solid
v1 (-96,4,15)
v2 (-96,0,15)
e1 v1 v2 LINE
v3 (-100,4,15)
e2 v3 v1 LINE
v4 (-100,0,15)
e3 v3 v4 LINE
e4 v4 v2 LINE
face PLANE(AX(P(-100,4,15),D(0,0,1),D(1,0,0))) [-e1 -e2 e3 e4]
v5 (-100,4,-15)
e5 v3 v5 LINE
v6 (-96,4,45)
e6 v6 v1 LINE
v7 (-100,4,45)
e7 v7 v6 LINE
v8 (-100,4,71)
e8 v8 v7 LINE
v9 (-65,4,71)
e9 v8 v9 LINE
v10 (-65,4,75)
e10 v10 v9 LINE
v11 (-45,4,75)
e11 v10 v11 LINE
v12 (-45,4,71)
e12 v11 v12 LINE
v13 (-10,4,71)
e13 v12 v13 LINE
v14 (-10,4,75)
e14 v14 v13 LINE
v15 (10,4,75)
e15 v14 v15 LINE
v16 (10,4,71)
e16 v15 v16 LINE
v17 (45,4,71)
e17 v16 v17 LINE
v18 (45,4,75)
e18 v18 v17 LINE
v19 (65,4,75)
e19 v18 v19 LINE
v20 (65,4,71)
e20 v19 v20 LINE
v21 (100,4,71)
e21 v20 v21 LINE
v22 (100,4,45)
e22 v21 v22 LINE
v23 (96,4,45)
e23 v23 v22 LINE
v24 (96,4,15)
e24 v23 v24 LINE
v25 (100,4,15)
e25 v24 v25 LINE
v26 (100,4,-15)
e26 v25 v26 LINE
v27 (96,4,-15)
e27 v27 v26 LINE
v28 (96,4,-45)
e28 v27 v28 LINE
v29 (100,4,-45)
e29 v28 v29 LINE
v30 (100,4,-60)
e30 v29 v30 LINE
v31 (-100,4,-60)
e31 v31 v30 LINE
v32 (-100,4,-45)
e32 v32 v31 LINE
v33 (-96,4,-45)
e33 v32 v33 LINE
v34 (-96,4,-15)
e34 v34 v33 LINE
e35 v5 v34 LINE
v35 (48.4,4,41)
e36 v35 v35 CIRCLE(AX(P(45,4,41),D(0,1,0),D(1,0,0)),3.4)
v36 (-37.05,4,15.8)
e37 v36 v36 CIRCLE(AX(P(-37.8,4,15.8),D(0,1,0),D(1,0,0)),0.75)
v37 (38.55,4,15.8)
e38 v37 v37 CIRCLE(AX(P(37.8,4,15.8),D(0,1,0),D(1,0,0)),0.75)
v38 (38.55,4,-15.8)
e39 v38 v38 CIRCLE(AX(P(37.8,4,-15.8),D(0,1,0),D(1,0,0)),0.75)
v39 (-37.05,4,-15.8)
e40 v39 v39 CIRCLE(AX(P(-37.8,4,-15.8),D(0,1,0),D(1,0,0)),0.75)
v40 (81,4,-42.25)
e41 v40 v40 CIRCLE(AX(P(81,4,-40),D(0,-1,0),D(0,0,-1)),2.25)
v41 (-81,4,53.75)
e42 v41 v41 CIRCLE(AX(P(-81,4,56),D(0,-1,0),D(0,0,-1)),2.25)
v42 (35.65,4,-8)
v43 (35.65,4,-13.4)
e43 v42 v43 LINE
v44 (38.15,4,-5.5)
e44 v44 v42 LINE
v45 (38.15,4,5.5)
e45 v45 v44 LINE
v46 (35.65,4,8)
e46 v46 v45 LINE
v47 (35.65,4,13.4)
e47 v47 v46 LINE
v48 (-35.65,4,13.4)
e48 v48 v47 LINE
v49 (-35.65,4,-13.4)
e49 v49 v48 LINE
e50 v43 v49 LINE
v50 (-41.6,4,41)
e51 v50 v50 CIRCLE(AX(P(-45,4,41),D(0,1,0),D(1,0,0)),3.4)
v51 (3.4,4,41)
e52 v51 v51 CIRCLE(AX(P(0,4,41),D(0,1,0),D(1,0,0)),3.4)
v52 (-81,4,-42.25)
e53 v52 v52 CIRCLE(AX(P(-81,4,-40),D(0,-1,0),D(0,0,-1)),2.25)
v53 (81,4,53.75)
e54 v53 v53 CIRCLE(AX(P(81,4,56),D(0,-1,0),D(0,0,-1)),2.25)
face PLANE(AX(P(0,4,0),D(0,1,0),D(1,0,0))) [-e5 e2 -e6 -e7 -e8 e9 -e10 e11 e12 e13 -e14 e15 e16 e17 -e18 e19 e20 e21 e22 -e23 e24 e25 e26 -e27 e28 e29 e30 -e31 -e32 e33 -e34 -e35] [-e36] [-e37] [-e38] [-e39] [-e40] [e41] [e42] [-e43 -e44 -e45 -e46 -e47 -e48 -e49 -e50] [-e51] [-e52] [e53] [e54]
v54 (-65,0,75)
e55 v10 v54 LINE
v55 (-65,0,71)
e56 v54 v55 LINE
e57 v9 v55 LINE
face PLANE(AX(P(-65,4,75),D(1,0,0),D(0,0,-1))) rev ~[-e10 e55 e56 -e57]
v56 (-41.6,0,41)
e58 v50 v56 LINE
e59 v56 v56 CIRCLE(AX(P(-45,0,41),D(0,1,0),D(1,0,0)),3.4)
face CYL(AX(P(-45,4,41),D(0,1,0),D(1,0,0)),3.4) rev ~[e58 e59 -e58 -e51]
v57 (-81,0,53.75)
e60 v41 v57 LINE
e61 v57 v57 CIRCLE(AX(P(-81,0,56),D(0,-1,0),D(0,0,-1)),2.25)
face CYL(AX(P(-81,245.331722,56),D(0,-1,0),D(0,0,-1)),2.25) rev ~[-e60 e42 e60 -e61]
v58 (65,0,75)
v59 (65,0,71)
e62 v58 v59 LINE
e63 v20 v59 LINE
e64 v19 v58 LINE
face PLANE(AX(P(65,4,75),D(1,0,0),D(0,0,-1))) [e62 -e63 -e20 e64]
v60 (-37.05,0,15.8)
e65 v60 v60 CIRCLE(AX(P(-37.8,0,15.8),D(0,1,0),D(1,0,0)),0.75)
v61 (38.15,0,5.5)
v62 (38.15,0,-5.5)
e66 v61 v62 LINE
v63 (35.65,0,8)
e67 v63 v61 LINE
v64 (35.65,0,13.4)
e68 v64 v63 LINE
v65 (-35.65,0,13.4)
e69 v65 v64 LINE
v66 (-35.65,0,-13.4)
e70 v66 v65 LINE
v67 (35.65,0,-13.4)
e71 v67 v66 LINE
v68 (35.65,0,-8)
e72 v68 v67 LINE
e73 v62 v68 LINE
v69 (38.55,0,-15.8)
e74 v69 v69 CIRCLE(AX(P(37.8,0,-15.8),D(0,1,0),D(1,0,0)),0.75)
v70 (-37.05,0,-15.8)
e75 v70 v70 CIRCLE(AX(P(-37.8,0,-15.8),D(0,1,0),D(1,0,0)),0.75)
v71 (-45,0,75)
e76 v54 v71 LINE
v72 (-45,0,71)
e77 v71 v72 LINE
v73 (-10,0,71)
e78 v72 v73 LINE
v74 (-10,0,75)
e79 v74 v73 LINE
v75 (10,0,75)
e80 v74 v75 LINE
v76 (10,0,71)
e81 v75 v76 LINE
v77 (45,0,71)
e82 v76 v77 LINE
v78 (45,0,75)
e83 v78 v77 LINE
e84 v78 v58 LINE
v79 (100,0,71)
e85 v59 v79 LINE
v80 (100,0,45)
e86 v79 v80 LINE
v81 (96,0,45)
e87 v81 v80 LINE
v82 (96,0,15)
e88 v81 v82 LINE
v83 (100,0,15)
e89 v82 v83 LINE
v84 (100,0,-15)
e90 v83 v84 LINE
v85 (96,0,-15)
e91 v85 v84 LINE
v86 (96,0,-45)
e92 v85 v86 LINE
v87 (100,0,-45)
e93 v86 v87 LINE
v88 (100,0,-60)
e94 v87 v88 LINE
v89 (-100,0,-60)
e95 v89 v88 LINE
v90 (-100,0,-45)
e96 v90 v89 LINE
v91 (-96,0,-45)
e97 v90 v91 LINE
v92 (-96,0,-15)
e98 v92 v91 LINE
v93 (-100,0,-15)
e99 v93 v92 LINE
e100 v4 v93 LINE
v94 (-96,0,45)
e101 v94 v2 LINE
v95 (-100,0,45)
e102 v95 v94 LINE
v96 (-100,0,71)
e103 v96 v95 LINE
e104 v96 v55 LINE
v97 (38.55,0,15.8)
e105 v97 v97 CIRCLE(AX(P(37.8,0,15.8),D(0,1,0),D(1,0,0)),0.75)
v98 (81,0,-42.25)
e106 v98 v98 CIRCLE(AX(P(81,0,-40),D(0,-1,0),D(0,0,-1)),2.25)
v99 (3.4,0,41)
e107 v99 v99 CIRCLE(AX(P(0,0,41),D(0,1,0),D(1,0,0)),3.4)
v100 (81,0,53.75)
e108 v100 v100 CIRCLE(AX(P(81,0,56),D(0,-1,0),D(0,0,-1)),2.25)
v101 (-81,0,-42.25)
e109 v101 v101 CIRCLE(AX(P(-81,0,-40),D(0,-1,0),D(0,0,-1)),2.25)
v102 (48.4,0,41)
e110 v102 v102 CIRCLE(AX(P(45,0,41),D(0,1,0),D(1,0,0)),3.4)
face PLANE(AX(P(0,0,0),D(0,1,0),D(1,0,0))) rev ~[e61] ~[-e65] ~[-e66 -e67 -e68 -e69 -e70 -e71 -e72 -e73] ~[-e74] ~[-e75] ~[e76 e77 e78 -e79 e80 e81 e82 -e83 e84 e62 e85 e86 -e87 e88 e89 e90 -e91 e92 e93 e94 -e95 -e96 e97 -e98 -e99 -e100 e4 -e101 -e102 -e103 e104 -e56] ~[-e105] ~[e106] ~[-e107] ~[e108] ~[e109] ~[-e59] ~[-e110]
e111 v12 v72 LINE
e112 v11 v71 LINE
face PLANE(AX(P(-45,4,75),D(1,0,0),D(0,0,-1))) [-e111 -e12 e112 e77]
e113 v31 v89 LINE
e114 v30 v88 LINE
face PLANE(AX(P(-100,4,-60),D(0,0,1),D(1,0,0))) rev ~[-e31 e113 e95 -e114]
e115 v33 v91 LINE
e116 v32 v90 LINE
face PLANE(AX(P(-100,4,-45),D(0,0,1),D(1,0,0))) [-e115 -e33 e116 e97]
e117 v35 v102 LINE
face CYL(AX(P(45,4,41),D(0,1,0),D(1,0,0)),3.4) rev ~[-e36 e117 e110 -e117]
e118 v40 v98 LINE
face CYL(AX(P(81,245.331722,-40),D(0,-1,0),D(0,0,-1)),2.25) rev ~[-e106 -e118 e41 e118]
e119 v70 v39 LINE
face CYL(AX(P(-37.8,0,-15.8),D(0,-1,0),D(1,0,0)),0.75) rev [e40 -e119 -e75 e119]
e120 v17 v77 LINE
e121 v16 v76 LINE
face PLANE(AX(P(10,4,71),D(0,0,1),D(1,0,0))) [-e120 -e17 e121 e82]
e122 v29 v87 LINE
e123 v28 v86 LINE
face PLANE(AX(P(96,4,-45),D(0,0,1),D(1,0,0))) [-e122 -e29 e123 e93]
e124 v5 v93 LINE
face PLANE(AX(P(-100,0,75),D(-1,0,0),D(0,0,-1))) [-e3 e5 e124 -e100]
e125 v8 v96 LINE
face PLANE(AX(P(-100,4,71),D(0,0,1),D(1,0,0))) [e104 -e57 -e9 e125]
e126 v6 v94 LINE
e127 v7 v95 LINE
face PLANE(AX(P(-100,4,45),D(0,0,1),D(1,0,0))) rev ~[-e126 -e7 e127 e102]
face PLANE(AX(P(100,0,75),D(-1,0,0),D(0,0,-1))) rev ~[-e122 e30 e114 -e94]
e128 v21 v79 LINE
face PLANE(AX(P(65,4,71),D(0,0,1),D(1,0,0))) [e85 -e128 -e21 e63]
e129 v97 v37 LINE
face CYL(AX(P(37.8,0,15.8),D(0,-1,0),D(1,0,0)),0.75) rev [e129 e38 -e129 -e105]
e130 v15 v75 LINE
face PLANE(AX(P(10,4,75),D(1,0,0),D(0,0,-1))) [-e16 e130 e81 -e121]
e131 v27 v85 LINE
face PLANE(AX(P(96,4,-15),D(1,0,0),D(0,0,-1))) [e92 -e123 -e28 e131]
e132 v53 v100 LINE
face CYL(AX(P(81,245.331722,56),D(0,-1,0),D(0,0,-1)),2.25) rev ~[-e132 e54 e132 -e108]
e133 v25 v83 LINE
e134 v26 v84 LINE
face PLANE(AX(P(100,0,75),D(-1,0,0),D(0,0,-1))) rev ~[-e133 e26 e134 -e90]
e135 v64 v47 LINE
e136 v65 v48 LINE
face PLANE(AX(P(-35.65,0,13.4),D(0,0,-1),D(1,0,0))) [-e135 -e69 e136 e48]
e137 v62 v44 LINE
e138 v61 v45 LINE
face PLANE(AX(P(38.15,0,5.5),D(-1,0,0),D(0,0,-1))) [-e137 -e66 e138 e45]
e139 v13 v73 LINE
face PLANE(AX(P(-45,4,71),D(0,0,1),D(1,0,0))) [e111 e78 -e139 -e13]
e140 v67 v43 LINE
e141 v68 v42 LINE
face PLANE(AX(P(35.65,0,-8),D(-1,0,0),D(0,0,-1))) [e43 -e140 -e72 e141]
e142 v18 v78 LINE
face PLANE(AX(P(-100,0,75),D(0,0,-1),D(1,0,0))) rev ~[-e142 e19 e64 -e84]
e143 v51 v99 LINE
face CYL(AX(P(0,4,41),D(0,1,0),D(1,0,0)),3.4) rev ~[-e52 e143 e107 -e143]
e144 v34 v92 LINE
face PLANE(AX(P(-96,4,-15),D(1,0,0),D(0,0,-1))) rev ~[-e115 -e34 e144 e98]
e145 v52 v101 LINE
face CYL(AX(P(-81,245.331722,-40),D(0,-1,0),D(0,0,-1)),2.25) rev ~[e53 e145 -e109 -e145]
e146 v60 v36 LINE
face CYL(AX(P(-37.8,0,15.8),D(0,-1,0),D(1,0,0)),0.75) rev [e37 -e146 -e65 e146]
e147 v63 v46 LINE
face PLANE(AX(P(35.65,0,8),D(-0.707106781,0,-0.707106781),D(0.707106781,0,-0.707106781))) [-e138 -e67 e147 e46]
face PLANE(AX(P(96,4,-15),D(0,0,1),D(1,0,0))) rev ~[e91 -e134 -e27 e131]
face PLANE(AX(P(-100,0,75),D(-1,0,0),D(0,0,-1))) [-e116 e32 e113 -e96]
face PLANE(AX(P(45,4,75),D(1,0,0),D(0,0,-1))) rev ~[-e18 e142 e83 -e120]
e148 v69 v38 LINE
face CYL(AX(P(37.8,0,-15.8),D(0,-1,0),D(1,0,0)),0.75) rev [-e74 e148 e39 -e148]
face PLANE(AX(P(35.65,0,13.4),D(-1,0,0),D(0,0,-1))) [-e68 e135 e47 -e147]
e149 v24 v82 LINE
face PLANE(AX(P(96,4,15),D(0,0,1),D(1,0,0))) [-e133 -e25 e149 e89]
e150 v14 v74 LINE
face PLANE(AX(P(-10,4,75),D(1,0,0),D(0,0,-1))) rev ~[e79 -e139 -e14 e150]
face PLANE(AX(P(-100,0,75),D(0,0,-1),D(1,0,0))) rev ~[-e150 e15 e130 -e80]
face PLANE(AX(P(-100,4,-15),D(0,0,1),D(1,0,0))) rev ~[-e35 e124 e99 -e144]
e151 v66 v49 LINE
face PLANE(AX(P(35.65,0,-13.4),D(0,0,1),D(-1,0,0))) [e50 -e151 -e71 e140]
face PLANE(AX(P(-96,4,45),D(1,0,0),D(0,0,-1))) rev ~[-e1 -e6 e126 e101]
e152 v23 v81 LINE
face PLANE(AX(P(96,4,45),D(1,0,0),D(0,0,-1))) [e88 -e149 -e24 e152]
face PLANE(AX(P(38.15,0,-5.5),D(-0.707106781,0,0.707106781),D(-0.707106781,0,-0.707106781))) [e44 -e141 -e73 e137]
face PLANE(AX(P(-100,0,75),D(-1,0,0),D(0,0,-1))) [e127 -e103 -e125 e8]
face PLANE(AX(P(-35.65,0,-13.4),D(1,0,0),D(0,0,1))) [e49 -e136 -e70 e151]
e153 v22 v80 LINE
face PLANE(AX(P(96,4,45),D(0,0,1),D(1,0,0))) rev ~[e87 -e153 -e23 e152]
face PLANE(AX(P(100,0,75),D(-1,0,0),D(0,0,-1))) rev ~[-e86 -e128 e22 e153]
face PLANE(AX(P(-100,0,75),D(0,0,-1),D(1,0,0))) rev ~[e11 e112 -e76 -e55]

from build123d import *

# Parameters (mm, degrees)
ESBO_O1_W                = 200
ESBO_O1_H                = 150
ESBO_O1_R                = 0.75
RESSALTO_EXTRUS_O1_DEPTH = 4
ESBO_O2_W                = 35
ESBO_O2_H                = 4
ESBO_O2_W_2              = 4
ESBO_O2_H_2              = 30
CORTE_EXTRUS_O1_DEPTH    = 5
ESBO_O3_W                = 200
ESBO_O3_H                = 15
CORTE_EXTRUS_O2_DEPTH    = 5
FURO_COM_FOLGA_DE_M41_D  = 4.5
ESBO_O5_R                = 3.4
CORTE_EXTRUS_O3_DEPTH    = 5


with BuildPart() as part:
    # Esboço1 → Ressalto-extrusão1 (new body)
    with BuildSketch(Plane(origin=(0, 0, 0), x_dir=(1, 0, 0), z_dir=(0, 1, 0))):
        Rectangle(ESBO_O1_W, ESBO_O1_H)
        with Locations((-37.8, 15.8)):
            Circle(ESBO_O1_R, mode=Mode.SUBTRACT)
        with Locations((37.8, 15.8)):
            Circle(ESBO_O1_R, mode=Mode.SUBTRACT)
        with Locations((37.8, -15.8)):
            Circle(ESBO_O1_R, mode=Mode.SUBTRACT)
        with Locations((-37.8, -15.8)):
            Circle(ESBO_O1_R, mode=Mode.SUBTRACT)
        Polygon((-35.65, -13.4), (35.65, -13.4), (35.65, -8), (38.15, -5.5), (38.15, 5.5), (35.65, 8), (35.65, 13.4), (-35.65, 13.4), align=None, mode=Mode.SUBTRACT)
    extrude(amount=RESSALTO_EXTRUS_O1_DEPTH)

    # Esboço2 → Corte-extrusão1 (cut, through all)
    with BuildSketch(Plane(origin=(0, 4, 0), x_dir=(1, 0, 0), z_dir=(0, 1, 0))):
        with Locations((-27.5, -73)):
            Rectangle(ESBO_O2_W, ESBO_O2_H)
        with Locations((27.5, -73)):
            Rectangle(ESBO_O2_W, ESBO_O2_H)
        with Locations((82.5, -73)):
            Rectangle(ESBO_O2_W, ESBO_O2_H)
        with Locations((-82.5, -73)):
            Rectangle(ESBO_O2_W, ESBO_O2_H)
        with Locations((98, 30)):
            Rectangle(ESBO_O2_W_2, ESBO_O2_H_2)
        with Locations((98, -30)):
            Rectangle(ESBO_O2_W_2, ESBO_O2_H_2)
        with Locations((-98, 30)):
            Rectangle(ESBO_O2_W_2, ESBO_O2_H_2)
        with Locations((-98, -30)):
            Rectangle(ESBO_O2_W_2, ESBO_O2_H_2)
    extrude(amount=-CORTE_EXTRUS_O1_DEPTH, mode=Mode.SUBTRACT)

    # Esboço3 → Corte-extrusão2 (cut, through all)
    with BuildSketch(Plane(origin=(0, 4, 0), x_dir=(1, 0, 0), z_dir=(0, 1, 0))):
        with Locations((0, 67.5)):
            Rectangle(ESBO_O3_W, ESBO_O3_H)
    extrude(amount=-CORTE_EXTRUS_O2_DEPTH, mode=Mode.SUBTRACT)

    # Furo com folga de M41 (through all)
    with Locations(Plane(origin=(-81, 4, -40), x_dir=(0, 0, 1), z_dir=(0, 1, 0))):
        with Locations((0, 0), (96, 0), (96, 162), (0, 162)):
            Hole(FURO_COM_FOLGA_DE_M41_D / 2)

    # Esboço5 → Corte-extrusão3 (cut, through all)
    with BuildSketch(Plane(origin=(0, 4, 0), x_dir=(1, 0, 0), z_dir=(0, 1, 0))):
        with Locations((-45, -41)):
            Circle(ESBO_O5_R)
        with Locations((0, -41)):
            Circle(ESBO_O5_R)
        with Locations((45, -41)):
            Circle(ESBO_O5_R)
    extrude(amount=-CORTE_EXTRUS_O3_DEPTH, mode=Mode.SUBTRACT)


solid = part.part
